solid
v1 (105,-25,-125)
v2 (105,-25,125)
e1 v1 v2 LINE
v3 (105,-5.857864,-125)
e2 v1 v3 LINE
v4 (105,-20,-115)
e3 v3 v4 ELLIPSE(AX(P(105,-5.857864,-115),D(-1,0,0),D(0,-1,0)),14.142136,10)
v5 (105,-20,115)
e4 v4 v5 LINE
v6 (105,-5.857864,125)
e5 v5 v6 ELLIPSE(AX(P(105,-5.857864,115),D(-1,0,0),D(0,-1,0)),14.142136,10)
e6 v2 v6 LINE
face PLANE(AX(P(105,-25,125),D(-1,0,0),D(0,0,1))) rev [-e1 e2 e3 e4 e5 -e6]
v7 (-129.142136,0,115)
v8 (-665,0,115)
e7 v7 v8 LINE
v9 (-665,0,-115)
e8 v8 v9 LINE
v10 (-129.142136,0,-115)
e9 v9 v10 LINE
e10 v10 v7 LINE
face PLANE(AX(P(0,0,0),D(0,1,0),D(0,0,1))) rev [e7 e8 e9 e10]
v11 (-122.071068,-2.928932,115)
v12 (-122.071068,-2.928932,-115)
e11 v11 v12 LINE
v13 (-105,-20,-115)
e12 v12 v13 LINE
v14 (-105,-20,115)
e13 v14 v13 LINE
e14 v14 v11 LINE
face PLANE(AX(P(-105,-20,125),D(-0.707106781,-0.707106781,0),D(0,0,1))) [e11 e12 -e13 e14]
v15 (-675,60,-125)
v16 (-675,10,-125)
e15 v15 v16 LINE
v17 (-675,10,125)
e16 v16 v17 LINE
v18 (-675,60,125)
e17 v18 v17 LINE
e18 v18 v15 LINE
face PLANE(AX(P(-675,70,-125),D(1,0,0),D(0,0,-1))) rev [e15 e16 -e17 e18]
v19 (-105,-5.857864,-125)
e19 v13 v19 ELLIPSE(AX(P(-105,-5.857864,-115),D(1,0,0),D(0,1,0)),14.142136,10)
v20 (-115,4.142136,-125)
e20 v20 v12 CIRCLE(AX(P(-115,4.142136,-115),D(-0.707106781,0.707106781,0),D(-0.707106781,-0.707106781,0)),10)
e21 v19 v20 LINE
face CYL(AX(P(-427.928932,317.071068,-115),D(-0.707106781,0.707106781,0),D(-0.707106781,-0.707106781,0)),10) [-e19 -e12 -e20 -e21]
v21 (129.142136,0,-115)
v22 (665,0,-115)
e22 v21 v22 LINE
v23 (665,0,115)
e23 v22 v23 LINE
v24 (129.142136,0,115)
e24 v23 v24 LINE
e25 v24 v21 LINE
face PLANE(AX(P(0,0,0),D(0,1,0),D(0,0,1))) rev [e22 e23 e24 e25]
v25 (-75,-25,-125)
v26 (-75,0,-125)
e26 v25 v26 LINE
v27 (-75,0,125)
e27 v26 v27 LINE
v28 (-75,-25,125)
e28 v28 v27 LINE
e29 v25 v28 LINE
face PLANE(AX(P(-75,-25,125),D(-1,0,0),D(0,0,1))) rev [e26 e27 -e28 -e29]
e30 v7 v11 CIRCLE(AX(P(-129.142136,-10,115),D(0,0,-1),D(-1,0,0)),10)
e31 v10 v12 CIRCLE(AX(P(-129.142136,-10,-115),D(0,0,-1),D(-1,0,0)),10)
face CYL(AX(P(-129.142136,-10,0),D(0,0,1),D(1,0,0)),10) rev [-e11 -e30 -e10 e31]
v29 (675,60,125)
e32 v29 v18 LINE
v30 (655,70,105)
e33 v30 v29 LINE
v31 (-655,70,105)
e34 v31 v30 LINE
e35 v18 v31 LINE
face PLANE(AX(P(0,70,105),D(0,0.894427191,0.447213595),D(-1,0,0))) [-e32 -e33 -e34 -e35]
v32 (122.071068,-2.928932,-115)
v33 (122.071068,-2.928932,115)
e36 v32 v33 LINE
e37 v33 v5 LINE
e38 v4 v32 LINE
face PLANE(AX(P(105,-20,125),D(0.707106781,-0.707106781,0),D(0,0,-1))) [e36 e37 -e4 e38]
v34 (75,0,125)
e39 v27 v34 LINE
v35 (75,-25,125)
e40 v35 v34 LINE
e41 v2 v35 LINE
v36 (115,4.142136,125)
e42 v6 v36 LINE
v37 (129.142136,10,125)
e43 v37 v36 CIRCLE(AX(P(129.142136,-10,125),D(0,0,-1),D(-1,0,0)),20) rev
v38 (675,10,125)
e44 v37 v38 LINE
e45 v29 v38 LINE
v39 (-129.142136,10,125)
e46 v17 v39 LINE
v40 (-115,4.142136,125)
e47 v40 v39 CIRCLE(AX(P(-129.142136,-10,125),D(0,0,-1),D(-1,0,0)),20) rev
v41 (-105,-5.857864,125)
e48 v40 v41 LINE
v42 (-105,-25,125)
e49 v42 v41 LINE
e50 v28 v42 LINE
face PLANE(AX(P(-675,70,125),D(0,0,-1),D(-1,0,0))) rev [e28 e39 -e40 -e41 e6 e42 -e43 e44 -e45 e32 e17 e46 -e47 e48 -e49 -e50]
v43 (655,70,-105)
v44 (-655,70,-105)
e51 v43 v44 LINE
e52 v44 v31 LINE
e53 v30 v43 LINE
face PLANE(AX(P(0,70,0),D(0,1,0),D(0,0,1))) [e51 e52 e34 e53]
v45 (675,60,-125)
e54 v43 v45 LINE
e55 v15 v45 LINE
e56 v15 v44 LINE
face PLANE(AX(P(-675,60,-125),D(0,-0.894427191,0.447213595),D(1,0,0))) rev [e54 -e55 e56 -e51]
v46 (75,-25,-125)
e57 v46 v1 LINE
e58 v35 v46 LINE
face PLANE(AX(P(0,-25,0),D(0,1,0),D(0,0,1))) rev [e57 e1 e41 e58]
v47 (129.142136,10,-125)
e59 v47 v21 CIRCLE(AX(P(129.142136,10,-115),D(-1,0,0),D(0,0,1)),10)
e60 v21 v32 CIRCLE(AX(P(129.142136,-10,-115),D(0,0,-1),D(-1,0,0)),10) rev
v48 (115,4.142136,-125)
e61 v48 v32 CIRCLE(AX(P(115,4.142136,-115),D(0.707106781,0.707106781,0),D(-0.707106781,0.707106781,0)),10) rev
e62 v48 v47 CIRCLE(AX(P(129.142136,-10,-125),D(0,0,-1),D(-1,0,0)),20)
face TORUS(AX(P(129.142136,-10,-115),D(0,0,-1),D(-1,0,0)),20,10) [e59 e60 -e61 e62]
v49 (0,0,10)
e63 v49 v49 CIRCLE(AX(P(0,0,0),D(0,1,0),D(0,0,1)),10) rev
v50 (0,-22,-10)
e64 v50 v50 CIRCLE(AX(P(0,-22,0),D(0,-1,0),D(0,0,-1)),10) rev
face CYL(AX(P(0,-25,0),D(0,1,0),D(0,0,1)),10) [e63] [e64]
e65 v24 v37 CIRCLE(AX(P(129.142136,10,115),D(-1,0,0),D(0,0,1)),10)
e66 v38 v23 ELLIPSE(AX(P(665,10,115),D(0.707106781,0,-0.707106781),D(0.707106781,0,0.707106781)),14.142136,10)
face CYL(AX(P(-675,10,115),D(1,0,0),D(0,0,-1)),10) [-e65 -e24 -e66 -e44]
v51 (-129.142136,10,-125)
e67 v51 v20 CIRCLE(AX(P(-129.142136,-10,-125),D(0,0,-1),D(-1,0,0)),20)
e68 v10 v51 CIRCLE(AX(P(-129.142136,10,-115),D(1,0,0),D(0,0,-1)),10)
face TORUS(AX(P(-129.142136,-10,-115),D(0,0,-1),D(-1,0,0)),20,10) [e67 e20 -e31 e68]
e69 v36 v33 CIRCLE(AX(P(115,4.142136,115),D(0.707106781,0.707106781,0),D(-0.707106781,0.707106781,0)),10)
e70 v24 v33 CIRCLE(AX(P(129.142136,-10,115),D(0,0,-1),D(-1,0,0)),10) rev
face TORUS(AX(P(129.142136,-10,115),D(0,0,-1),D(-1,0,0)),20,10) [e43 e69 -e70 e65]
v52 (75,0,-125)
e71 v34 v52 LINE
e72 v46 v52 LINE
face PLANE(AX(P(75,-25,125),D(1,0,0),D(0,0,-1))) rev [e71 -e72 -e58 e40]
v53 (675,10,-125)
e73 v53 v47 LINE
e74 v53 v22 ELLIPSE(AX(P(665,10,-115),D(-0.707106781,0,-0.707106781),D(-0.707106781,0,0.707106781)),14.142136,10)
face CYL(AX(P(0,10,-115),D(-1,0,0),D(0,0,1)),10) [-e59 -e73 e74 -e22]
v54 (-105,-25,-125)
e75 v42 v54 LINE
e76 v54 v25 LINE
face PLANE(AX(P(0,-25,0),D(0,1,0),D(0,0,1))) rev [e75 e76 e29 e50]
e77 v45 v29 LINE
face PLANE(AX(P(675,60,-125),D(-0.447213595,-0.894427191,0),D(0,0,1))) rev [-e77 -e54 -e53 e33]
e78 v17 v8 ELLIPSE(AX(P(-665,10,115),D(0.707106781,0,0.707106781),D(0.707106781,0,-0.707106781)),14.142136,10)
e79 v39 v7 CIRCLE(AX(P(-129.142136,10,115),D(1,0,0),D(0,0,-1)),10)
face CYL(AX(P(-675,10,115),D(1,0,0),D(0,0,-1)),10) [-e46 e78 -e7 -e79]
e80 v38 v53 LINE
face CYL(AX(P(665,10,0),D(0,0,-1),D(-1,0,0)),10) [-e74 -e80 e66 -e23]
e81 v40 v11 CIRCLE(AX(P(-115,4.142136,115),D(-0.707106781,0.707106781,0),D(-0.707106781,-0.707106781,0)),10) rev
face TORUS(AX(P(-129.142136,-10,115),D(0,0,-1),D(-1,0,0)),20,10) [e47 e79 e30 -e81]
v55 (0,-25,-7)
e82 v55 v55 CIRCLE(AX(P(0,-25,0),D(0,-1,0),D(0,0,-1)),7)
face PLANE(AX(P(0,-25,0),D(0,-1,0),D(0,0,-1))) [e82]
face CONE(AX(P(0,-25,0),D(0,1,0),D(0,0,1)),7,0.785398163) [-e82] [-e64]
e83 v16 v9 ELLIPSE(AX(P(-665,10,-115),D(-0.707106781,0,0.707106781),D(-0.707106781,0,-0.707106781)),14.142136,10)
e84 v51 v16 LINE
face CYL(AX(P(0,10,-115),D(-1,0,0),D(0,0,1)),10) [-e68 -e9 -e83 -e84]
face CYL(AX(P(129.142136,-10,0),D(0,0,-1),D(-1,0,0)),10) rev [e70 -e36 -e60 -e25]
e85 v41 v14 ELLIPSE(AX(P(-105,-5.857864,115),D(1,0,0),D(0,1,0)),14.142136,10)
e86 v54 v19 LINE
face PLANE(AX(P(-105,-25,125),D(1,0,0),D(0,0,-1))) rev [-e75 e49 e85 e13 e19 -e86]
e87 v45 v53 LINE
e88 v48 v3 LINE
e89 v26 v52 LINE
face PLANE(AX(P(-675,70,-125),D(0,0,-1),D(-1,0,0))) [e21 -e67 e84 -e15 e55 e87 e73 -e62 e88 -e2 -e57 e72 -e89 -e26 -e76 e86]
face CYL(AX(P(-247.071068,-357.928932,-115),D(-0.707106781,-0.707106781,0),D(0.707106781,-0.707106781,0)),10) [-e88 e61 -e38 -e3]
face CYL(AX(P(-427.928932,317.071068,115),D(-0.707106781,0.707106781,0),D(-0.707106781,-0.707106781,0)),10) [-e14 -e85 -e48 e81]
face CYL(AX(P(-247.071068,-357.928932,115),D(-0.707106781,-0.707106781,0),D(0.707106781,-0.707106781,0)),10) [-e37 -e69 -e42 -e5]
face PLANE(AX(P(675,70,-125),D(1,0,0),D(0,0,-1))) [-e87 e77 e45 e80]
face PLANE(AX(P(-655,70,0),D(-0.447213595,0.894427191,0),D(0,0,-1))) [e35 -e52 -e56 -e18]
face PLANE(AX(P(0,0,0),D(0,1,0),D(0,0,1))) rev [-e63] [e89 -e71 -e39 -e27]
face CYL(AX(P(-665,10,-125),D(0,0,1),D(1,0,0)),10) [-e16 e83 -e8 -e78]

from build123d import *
from OCP.BRepFilletAPI import BRepFilletAPI_MakeChamfer

# Parameters (mm, degrees)
SKETCH1_W           = 1350
SKETCH1_H           = 250
BOSS_EXTRUDE1_DEPTH = 70
CHAMFER1_SIZE       = 10
CHAMFER1_SIZE2      = 20
SKETCH2_W           = 30
SKETCH2_H           = 250
BOSS_EXTRUDE2_DEPTH = 25
CHAMFER2_SIZE       = 20
FILLET1_R           = 10
SKETCH3_R           = 10
BOSS_EXTRUDE3_DEPTH = 25
CHAMFER3_SIZE       = 3


with BuildPart() as part:
    # Sketch1 → Boss-Extrude1 (new body)
    with BuildSketch(Plane(origin=(0, 0, 0), x_dir=(1, 0, 0), z_dir=(0, 1, 0))):
        Rectangle(SKETCH1_W, SKETCH1_H)
    extrude(amount=BOSS_EXTRUDE1_DEPTH)

    # Chamfer1: one chamfer whose edges measure the first distance from different faces: ONE call of the kernel's chamfer builder (chamfer() names one face for all edges)
    chamfer1_edges_1 = [part.edges().sort_by_distance(p)[0] for p in [
        (675, 70, 0),
    ]]
    chamfer1_side_1 = [part.faces().sort_by_distance(p)[0] for p in [
        (675, 35, 0),
    ]]
    chamfer1_edges_2 = [part.edges().sort_by_distance(p)[0] for p in [
        (0, 70, -125),
    ]]
    chamfer1_side_2 = [part.faces().sort_by_distance(p)[0] for p in [
        (0, 35, -125),
    ]]
    chamfer1_edges_3 = [part.edges().sort_by_distance(p)[0] for p in [
        (-675, 70, 0),
    ]]
    chamfer1_side_3 = [part.faces().sort_by_distance(p)[0] for p in [
        (-675, 35, 0),
    ]]
    chamfer1_edges_4 = [part.edges().sort_by_distance(p)[0] for p in [
        (0, 70, 125),
    ]]
    chamfer1_side_4 = [part.faces().sort_by_distance(p)[0] for p in [
        (0, 35, 125),
    ]]
    chamfer1 = BRepFilletAPI_MakeChamfer(part.part.solid().wrapped)
    for e in chamfer1_edges_1:
        chamfer1.Add(CHAMFER1_SIZE, CHAMFER1_SIZE2, e.wrapped, chamfer1_side_1[0].wrapped)  # the first distance lies on this face
    for e in chamfer1_edges_2:
        chamfer1.Add(CHAMFER1_SIZE, CHAMFER1_SIZE2, e.wrapped, chamfer1_side_2[0].wrapped)  # the first distance lies on this face
    for e in chamfer1_edges_3:
        chamfer1.Add(CHAMFER1_SIZE, CHAMFER1_SIZE2, e.wrapped, chamfer1_side_3[0].wrapped)  # the first distance lies on this face
    for e in chamfer1_edges_4:
        chamfer1.Add(CHAMFER1_SIZE, CHAMFER1_SIZE2, e.wrapped, chamfer1_side_4[0].wrapped)  # the first distance lies on this face
    add(Compound.cast(chamfer1.Shape()), mode=Mode.REPLACE)

    # Sketch2 → Boss-Extrude2 (add)
    with BuildSketch(Plane.XZ):
        with Locations((-90, 0)):
            Rectangle(SKETCH2_W, SKETCH2_H)
        with Locations((90, 0)):
            Rectangle(SKETCH2_W, SKETCH2_H)
    extrude(amount=BOSS_EXTRUDE2_DEPTH)

    # Chamfer2
    chamfer2_edges = [part.edges().sort_by_distance(p)[0] for p in [
        (-105, 0, 0),
        (105, 0, 0),
    ]]
    chamfer(chamfer2_edges, length=CHAMFER2_SIZE)

    # Fillet1
    fillet1_edges = [part.edges().sort_by_distance(p)[0] for p in [
        (-400, 0, -125),
        (675, 0, 0),
        (-125, 0, 0),
        (400, 0, -125),
        (400, 0, 125),
        (-400, 0, 125),
        (125, 0, 0),
        (-115, -10, -125),
        (-115, -10, 125),
        (115, -10, 125),
        (115, -10, -125),
        (-675, 0, 0),
    ]]
    fillet(fillet1_edges, radius=FILLET1_R)

    # Sketch3 → Boss-Extrude3 (add)
    with BuildSketch(Plane.XZ):
        with Locations(Location((0, 0, 0), (0, 0, 90))):
            Circle(SKETCH3_R)
    extrude(amount=BOSS_EXTRUDE3_DEPTH)

    # Chamfer3
    chamfer3_edges = [part.edges().sort_by_distance(p)[0] for p in [
        (0, -25, -10),
    ]]
    chamfer(chamfer3_edges, length=CHAMFER3_SIZE)


solid = part.part
